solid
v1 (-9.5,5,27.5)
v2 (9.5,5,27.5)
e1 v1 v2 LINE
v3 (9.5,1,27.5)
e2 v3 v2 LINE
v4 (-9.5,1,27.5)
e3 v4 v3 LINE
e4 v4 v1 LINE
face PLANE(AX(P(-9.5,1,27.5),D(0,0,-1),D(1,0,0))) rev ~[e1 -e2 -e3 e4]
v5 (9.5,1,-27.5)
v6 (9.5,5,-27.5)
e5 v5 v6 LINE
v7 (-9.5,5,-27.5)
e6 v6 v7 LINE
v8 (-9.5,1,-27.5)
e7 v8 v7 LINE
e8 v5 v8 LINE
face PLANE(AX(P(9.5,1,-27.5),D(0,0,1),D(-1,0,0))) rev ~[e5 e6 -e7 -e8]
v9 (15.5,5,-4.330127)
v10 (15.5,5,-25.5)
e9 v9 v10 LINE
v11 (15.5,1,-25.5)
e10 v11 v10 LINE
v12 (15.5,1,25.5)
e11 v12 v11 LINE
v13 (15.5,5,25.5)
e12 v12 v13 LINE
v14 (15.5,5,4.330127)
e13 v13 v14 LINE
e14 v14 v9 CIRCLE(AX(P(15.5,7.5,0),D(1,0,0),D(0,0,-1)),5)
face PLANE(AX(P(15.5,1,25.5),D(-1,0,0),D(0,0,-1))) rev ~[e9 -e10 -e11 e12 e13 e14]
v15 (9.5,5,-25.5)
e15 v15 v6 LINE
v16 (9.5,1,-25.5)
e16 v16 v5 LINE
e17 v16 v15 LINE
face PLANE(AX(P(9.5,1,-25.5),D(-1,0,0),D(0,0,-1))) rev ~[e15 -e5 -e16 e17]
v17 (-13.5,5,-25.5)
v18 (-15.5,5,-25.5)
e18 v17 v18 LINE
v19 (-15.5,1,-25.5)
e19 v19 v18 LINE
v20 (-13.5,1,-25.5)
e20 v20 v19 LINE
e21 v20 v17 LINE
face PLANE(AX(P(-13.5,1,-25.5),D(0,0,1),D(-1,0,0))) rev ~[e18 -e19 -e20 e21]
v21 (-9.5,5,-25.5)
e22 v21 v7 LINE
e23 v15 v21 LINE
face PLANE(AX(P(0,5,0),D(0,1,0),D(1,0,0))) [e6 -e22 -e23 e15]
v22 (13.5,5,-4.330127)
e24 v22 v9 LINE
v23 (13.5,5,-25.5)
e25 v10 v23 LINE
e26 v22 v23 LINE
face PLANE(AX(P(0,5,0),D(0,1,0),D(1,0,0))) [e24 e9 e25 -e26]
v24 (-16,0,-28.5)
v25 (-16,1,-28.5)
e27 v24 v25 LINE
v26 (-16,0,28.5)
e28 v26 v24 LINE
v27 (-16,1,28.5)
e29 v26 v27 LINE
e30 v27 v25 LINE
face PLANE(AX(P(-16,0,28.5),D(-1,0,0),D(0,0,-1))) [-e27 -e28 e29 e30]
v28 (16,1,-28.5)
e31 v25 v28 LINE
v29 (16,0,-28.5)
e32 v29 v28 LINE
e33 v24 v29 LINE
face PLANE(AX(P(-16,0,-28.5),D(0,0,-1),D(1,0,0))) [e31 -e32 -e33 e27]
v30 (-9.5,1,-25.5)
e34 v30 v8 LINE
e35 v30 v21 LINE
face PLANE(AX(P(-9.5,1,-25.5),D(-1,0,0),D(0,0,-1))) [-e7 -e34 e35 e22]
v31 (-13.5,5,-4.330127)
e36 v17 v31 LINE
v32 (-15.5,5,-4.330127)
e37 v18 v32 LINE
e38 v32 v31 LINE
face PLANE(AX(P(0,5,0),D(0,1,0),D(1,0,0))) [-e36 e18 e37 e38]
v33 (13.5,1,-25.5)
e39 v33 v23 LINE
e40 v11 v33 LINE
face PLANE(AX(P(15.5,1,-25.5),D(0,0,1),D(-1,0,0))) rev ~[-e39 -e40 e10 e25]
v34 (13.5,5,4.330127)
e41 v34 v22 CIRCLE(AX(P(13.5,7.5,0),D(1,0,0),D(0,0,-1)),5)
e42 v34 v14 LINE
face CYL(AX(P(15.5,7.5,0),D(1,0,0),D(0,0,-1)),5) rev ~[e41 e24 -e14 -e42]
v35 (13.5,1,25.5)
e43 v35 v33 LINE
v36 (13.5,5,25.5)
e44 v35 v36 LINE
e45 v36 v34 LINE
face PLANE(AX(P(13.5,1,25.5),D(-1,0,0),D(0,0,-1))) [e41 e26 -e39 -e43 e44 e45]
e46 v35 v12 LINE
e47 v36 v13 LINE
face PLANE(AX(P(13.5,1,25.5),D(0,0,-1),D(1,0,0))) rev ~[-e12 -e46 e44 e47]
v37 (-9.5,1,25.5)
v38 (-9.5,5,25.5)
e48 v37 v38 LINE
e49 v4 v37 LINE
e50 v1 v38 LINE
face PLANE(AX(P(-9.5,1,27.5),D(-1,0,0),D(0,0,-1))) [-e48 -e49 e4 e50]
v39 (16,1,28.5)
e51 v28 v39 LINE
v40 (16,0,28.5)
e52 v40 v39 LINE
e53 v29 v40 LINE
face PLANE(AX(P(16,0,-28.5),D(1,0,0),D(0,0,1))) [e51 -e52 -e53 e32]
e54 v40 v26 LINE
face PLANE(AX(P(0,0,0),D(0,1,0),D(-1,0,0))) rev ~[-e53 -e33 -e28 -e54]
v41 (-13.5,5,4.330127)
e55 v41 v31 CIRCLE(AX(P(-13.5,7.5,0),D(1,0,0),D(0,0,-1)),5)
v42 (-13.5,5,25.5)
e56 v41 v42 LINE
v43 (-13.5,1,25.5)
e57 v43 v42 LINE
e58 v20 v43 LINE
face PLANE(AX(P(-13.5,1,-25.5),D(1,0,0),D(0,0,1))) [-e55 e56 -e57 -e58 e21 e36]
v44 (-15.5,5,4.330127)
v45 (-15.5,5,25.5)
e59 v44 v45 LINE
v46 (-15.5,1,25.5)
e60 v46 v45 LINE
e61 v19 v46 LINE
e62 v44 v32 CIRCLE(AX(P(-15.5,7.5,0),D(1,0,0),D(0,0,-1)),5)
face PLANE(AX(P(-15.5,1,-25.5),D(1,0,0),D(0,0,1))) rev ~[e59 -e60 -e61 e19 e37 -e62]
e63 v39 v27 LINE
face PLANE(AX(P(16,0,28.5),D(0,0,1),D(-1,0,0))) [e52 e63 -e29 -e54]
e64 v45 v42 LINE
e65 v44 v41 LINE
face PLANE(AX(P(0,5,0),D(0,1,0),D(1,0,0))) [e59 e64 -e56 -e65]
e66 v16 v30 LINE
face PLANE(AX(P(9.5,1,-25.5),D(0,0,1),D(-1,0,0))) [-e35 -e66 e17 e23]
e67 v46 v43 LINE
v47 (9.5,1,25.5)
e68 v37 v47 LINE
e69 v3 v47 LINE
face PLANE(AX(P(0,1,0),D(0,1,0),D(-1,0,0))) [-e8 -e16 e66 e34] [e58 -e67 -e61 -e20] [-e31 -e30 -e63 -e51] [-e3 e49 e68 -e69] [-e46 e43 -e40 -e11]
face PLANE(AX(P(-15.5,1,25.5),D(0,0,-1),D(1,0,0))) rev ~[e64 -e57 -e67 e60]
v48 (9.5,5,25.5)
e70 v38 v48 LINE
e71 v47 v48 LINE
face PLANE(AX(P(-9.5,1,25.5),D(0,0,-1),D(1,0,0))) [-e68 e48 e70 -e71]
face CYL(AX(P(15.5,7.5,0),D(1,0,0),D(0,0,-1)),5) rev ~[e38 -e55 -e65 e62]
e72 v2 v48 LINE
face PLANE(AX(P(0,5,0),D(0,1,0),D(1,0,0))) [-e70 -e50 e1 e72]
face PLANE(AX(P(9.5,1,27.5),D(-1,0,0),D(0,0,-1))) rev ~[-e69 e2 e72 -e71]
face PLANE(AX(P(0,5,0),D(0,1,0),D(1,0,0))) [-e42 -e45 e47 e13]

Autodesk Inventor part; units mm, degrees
ref_plane "YZ Plane" through (0, 0, 0) normal (1, 0, 0) x (0, 1, 0)
ref_plane "XZ Plane" through (0, 0, 0) normal (0, 1, 0) x (-1, 0, 0)
ref_plane "XY Plane" through (0, 0, 0) normal (0, 0, 1) x (1, 0, 0)
sketch "Sketch1" plane through (0, 0, 0) normal (0, 1, 0) x (-1, 0, 0)
  line L0 (16, -28.5) -> (-16, -28.5)
  line L1 (-16, -28.5) -> (-16, 28.5)
  line L2 (-16, 28.5) -> (16, 28.5)
  line L3 (16, 28.5) -> (16, -28.5)
  line L4 (16, -28.5) -> (-16, 28.5) construction
  line L5 (-16, -28.5) -> (16, 28.5) construction
  point P0 (0, 0)
  dimension "d0" = 32
  dimension "d1" = 57
extrude "Extrusion1" add sketch "Sketch1" along normal blind 1
sketch "Sketch2" plane through (0, 1, 0) normal (0, 1, 0) x (1, 0, 0)
  line L0 (-9.5, -27.5) -> (9.5, -27.5)
  line L1 (15.5, -25.5) -> (15.5, 25.5)
  line L2 (9.5, 27.5) -> (-9.5, 27.5)
  line L3 (-15.5, 25.5) -> (-15.5, -25.5)
  line L4 (-15.5, -27.5) -> (15.5, 27.5) construction
  line L5 (15.5, -27.5) -> (-15.5, 27.5) construction
  line L6 (13.5, -25.5) -> (13.5, 25.5)
  line L7 (-13.5, 25.5) -> (-13.5, -25.5)
  line L8 (-16, -28.5) -> (16, -28.5) projected
  line L9 (-9.5, -28.4306) -> (-9.5, -25.5)
  line L10 (9.5, 25.5) -> (9.5, 27.5)
  line L11 (-9.5, -16.8548) -> (-9.5, 16.8548)
  line L12 (-9.5, 25.5) -> (-9.5, 28.5928)
  line L13 (9.5, -28.5) -> (9.5, -25.5)
  line L14 (9.5, -16.8548) -> (9.5, 16.8548)
  line L15 (13.5, -25.5) -> (15.5, -25.5)
  line L16 (15.5, 25.5) -> (13.5, 25.5)
  line L17 (9.5, 25.5) -> (-9.5, 25.5)
  line L18 (-13.5, 25.5) -> (-15.5, 25.5)
  line L19 (-15.5, -25.5) -> (-13.5, -25.5)
  line L20 (-9.5, -25.5) -> (9.5, -25.5)
  point P0 (0, 0)
  dimension "d4" = 31
  dimension "d5" = 55
  dimension "d6" = 2
extrude "Extrusion2" add sketch "Sketch2" along normal blind 4
sketch "Sketch3" plane through (15.5, 1, 25.5) normal (1, 0, 0) x (0, 0, -1)
  circle A0 centre (25.5, 6.5) radius 5
  line L0 (-3, 0) -> (54, 0) projected
  point P0 (25.5, -1)
  dimension "d11" = 10
  dimension "d12" = 6.5
extrude "Extrusion3" cut sketch "Sketch3" against normal through all
sketch "Sketch4" plane through (0, 0, 0) normal (0, -1, 0) x (1, 0, 0)
  line L0 (7.5, -7.5) -> (-7.5, -7.5)
  line L1 (-7.5, -7.5) -> (-7.5, 7.5)
  line L2 (-7.5, 7.5) -> (7.5, 7.5)
  line L3 (7.5, 7.5) -> (7.5, -7.5)
  line L4 (7.5, -7.5) -> (-7.5, 7.5) construction
  line L5 (-7.5, -7.5) -> (7.5, 7.5) construction
  point P0 (0, 0)
  dimension "d15" = 15
  dimension "d16" = 15
extrude "Extrusion4" [suppressed]
sketch "Sketch5" plane through (0, 1, 0) normal (0, 1, 0) x (1, 0, 0)
  line L0 (-13.5, -25.5) -> (-15.5, -25.5) projected
  line L1 (-15.5, -25.5) -> (-15.5, 25.5) projected
  line L2 (-15.5, 25.5) -> (-13.5, 25.5) projected
  line L3 (-13.5, 25.5) -> (-13.5, -25.5) projected
  line L4 (9.5, -27.5) -> (-9.5, -27.5) projected
  line L5 (-9.5, -27.5) -> (-9.5, -25.5) projected
  line L6 (-9.5, -25.5) -> (9.5, -25.5) projected
  line L7 (9.5, -25.5) -> (9.5, -27.5) projected
  line L8 (9.5, 27.5) -> (9.5, 25.5) projected
  line L9 (9.5, 25.5) -> (-9.5, 25.5) projected
  line L10 (-9.5, 25.5) -> (-9.5, 27.5) projected
  line L11 (-9.5, 27.5) -> (9.5, 27.5) projected
  line L12 (13.5, 25.5) -> (15.5, 25.5) projected
  line L13 (15.5, 25.5) -> (15.5, -25.5) projected
  line L14 (15.5, -25.5) -> (13.5, -25.5) projected
  line L15 (13.5, -25.5) -> (13.5, 25.5) projected
  line L16 (16, 28.5) -> (-16, 28.5) projected
  line L17 (-16, 28.5) -> (-16, -28.5) projected
  line L18 (-16, -28.5) -> (16, -28.5) projected
  line L19 (16, -28.5) -> (16, 28.5) projected
  line L20 (-8.5, -8.5) -> (8.5, -8.5)
  line L21 (8.5, -8.5) -> (8.5, 8.5)
  line L22 (8.5, 8.5) -> (-8.5, 8.5)
  line L23 (-8.5, 8.5) -> (-8.5, -8.5)
  point P0 (0, 0)
extrude "Extrusion5" [suppressed]
properties part number "hull_cover_closed"
